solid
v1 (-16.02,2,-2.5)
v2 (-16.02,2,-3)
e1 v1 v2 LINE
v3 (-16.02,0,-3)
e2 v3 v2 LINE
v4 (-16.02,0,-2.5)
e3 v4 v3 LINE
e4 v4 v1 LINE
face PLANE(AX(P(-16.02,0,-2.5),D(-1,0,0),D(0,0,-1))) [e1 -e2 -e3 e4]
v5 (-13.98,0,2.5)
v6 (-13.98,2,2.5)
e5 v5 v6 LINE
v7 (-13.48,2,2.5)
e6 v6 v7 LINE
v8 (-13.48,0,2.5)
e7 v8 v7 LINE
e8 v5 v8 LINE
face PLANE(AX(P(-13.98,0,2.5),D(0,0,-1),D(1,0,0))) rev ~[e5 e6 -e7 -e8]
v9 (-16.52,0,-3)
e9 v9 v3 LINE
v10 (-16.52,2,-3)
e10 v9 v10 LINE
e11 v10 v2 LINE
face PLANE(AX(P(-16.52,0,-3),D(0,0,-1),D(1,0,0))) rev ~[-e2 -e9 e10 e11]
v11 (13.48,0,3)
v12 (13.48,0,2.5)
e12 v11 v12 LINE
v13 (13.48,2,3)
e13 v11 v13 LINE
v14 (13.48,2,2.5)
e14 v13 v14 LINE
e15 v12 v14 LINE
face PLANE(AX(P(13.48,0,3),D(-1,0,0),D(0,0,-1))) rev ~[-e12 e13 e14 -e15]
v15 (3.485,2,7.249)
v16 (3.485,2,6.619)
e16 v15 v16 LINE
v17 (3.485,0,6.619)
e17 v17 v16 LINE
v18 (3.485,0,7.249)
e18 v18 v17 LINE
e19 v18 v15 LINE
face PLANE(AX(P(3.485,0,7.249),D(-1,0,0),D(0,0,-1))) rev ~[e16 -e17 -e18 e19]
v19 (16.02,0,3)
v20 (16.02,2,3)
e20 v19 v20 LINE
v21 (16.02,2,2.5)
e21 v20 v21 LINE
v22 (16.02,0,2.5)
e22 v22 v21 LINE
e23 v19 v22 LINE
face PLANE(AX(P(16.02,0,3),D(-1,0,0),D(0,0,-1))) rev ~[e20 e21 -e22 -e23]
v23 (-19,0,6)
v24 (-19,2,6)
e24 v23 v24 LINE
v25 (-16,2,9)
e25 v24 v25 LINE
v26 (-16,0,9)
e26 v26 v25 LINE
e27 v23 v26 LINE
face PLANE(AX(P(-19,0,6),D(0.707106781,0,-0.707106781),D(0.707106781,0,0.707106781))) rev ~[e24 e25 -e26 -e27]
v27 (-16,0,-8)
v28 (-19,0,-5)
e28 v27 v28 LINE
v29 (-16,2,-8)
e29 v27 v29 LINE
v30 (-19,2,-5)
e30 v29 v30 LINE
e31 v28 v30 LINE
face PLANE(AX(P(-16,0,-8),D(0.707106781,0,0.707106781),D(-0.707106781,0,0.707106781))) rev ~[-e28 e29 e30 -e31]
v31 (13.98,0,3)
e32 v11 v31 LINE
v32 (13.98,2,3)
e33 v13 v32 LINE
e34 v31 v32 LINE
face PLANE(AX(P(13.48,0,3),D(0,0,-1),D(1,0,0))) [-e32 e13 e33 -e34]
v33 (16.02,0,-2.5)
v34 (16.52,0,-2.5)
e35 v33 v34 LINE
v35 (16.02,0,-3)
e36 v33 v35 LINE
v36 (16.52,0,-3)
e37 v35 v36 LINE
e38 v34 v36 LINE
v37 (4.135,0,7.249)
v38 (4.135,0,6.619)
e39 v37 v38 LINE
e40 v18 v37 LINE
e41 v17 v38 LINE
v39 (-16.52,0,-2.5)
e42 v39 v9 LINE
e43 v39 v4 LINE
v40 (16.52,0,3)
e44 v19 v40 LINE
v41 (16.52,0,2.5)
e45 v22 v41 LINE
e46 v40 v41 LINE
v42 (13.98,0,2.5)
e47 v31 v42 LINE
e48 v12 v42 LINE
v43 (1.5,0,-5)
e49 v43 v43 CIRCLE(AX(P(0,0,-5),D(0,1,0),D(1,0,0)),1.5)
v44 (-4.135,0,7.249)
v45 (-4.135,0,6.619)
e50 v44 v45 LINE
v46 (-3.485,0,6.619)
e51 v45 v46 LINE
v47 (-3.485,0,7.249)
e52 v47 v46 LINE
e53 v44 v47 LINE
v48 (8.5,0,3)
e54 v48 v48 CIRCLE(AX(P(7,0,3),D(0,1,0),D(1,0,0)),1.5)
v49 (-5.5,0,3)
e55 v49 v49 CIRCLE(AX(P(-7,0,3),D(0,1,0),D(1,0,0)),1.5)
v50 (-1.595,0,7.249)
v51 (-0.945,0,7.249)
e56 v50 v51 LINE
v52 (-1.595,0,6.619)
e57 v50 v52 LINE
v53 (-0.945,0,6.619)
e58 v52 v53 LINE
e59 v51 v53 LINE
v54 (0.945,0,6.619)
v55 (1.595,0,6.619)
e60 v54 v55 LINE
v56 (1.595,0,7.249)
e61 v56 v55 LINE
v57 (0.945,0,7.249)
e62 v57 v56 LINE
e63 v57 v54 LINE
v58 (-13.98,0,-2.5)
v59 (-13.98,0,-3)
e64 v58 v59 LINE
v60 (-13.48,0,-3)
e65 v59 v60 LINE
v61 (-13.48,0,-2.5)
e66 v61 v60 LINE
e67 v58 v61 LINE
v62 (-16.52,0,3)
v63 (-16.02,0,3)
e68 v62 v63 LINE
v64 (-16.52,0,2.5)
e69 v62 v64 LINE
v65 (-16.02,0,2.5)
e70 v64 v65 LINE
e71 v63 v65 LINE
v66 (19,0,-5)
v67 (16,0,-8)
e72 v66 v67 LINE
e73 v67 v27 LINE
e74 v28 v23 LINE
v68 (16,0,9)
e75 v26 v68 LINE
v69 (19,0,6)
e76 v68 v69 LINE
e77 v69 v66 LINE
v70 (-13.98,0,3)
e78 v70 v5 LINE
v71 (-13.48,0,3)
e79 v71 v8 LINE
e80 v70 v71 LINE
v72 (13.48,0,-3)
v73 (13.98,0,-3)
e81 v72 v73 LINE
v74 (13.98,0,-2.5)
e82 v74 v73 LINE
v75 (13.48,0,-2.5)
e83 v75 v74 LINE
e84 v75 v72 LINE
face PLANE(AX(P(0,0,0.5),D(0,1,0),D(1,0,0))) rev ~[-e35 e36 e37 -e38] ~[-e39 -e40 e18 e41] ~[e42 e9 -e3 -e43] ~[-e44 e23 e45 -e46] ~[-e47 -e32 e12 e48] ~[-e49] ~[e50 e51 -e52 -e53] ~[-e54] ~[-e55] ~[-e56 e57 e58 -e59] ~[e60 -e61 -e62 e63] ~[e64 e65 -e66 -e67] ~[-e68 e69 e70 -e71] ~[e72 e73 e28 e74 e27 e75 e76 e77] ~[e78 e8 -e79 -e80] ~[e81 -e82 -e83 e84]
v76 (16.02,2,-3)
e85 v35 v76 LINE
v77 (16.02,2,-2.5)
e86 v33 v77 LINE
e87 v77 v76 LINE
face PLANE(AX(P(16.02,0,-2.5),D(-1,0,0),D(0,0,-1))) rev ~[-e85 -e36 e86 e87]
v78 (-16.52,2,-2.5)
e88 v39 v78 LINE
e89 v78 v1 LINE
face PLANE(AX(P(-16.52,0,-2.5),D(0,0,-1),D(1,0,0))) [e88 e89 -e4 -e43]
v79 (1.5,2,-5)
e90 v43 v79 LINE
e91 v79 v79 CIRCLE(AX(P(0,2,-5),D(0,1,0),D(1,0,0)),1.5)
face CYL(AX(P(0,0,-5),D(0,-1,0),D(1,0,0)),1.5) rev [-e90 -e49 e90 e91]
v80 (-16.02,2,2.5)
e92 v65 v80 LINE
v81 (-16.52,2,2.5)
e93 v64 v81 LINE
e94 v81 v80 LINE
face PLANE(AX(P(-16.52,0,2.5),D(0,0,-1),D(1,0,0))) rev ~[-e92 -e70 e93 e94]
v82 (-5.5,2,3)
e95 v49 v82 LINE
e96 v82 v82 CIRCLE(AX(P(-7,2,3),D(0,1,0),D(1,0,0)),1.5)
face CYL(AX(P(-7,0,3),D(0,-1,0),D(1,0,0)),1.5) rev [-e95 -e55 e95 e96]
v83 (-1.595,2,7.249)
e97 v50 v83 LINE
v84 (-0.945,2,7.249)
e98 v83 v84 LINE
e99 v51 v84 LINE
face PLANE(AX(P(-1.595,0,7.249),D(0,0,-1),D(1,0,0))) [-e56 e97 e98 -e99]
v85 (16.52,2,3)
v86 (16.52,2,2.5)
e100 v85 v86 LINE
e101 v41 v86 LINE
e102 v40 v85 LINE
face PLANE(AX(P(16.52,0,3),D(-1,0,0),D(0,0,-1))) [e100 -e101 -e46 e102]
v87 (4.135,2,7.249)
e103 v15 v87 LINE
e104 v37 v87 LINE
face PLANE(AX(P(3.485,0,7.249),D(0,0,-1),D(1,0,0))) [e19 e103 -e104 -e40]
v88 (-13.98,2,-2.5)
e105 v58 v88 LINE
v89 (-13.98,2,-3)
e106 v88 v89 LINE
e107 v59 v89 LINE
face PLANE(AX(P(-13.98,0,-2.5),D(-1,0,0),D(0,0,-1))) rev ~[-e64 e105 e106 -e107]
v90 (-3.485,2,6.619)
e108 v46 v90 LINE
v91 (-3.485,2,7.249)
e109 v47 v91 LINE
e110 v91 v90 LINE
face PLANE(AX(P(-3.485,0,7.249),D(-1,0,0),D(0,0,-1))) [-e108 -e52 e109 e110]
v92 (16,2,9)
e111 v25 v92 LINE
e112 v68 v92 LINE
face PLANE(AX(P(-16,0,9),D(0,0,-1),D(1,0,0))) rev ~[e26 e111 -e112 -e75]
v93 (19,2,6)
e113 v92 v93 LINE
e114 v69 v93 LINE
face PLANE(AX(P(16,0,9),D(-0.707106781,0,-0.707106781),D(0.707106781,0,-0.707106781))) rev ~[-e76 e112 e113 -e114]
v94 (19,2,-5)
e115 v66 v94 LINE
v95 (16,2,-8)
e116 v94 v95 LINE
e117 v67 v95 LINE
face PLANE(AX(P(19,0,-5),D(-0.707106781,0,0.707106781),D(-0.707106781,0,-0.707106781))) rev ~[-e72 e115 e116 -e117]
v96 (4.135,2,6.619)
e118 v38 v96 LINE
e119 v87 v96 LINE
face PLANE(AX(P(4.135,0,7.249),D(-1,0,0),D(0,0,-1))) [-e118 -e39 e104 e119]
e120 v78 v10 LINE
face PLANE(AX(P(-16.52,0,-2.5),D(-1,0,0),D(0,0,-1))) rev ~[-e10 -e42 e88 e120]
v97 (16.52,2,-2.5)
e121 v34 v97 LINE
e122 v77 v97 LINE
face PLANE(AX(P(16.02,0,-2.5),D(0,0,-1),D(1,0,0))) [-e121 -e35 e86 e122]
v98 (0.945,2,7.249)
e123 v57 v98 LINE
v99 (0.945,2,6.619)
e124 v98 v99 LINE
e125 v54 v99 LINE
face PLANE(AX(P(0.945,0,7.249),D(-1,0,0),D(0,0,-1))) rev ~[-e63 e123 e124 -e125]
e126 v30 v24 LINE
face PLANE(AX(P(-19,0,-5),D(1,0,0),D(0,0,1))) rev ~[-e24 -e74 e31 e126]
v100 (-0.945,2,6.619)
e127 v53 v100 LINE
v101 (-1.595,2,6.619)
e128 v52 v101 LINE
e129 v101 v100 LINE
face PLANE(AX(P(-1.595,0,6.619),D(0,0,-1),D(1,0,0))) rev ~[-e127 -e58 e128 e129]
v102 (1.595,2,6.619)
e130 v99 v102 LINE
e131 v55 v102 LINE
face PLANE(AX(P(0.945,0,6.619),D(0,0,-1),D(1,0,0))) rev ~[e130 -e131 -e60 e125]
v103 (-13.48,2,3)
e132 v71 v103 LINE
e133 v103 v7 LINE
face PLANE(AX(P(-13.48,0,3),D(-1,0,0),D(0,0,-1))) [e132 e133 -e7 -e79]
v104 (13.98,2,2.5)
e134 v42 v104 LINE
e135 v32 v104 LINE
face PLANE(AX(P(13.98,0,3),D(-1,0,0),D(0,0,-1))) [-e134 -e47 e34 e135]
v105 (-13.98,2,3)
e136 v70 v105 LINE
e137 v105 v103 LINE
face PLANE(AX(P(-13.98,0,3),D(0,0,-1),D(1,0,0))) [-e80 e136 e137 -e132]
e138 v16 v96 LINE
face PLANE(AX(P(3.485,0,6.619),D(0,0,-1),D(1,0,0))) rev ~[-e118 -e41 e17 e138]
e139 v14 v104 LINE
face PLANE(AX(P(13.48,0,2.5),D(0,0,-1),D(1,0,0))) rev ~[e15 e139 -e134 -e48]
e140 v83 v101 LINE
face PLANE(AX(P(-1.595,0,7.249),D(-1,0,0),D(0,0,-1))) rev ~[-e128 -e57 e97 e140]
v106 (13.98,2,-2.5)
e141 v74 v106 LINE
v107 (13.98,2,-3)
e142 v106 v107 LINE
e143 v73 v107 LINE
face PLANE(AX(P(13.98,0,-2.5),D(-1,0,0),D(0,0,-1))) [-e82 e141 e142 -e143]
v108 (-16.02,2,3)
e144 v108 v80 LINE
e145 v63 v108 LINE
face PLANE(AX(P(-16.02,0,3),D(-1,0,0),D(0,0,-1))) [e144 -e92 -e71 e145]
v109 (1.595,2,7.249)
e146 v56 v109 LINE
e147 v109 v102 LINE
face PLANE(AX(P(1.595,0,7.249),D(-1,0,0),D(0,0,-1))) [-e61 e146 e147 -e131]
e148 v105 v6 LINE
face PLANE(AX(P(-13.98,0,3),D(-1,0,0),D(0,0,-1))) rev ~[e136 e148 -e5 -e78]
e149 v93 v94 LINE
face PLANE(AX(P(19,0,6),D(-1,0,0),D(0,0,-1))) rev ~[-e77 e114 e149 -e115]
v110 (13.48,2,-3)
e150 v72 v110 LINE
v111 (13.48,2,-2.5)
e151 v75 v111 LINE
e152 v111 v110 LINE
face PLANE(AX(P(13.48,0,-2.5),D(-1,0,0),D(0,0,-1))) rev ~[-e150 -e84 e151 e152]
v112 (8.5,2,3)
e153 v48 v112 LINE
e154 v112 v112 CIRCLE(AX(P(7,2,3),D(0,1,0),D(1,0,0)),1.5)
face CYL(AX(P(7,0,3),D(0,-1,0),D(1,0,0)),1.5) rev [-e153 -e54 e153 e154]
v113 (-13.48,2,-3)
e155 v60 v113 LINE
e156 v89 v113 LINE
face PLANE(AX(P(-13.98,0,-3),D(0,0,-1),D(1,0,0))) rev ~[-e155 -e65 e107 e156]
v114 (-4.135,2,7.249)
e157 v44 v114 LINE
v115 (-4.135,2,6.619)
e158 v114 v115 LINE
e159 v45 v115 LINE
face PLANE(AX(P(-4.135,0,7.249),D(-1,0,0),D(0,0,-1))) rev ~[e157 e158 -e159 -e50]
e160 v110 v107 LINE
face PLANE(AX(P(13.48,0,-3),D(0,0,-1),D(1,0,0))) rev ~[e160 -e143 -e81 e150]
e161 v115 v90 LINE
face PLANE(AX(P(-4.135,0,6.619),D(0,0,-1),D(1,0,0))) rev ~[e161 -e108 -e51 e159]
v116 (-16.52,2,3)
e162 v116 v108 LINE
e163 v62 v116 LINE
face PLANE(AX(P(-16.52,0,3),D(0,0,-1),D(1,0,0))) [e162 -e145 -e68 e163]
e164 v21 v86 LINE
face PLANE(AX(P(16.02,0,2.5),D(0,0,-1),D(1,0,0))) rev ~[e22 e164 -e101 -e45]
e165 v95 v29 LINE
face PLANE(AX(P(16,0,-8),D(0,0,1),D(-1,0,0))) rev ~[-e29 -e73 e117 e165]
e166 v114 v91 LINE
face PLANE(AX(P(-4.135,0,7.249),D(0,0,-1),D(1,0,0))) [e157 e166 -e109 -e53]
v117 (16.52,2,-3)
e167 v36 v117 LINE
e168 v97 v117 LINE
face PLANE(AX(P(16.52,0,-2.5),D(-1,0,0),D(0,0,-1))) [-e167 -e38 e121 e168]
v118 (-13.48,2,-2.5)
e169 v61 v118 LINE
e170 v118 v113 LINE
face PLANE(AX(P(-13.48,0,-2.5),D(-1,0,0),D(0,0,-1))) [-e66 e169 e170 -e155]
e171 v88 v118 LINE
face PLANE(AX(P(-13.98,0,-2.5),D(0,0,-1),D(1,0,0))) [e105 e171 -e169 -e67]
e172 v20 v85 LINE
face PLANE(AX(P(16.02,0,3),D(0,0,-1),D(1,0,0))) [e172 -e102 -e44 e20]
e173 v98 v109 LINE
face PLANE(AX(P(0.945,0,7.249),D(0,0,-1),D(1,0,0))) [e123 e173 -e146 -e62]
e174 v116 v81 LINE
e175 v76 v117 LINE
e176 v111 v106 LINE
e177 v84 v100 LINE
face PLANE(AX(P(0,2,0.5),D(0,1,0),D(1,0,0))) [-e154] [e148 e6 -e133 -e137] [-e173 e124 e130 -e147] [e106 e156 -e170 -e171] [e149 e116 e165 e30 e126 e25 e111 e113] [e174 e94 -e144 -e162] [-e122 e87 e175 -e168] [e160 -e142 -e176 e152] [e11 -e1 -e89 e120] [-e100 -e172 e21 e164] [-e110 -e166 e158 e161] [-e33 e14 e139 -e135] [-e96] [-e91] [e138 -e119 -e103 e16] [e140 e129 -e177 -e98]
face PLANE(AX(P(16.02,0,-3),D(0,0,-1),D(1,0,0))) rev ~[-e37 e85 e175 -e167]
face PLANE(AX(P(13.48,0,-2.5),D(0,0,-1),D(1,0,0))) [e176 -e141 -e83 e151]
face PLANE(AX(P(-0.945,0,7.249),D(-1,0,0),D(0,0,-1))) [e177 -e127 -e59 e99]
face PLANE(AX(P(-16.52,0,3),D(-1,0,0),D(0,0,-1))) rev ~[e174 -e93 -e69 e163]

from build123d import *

# Parameters (mm, degrees)
SKETCH1_R           = 1.5
SKETCH1_W           = 0.5
SKETCH1_H           = 0.5
SKETCH1_W_2         = 0.65
SKETCH1_H_2         = 0.63
BOSS_EXTRUDE1_DEPTH = 2


with BuildPart() as part:
    # Sketch1 → Boss-Extrude1 (new body)
    with BuildSketch(Plane(origin=(0, 0, 0), x_dir=(1, 0, 0), z_dir=(0, 1, 0))):
        Polygon((-19, 5), (-19, -6), (-16, -9), (16, -9), (19, -6), (19, 5), (16, 8), (-16, 8), align=None)
        with Locations((-7, -3)):
            Circle(SKETCH1_R, mode=Mode.SUBTRACT)
        with Locations((7, -3)):
            Circle(SKETCH1_R, mode=Mode.SUBTRACT)
        with Locations((0, 5)):
            Circle(SKETCH1_R, mode=Mode.SUBTRACT)
        with Locations((-16.27, 2.75)):
            Rectangle(SKETCH1_W, SKETCH1_H, mode=Mode.SUBTRACT)
        with Locations((-16.27, -2.75)):
            Rectangle(SKETCH1_W, SKETCH1_H, mode=Mode.SUBTRACT)
        with Locations((-13.73, -2.75)):
            Rectangle(SKETCH1_W, SKETCH1_H, mode=Mode.SUBTRACT)
        with Locations((-13.73, 2.75)):
            Rectangle(SKETCH1_W, SKETCH1_H, mode=Mode.SUBTRACT)
        with Locations((13.73, 2.75)):
            Rectangle(SKETCH1_W, SKETCH1_H, mode=Mode.SUBTRACT)
        with Locations((13.73, -2.75)):
            Rectangle(SKETCH1_W, SKETCH1_H, mode=Mode.SUBTRACT)
        with Locations((16.27, -2.75)):
            Rectangle(SKETCH1_W, SKETCH1_H, mode=Mode.SUBTRACT)
        with Locations((16.27, 2.75)):
            Rectangle(SKETCH1_W, SKETCH1_H, mode=Mode.SUBTRACT)
        with Locations((-3.81, -6.934)):
            Rectangle(SKETCH1_W_2, SKETCH1_H_2, mode=Mode.SUBTRACT)
        with Locations((-1.27, -6.934)):
            Rectangle(SKETCH1_W_2, SKETCH1_H_2, mode=Mode.SUBTRACT)
        with Locations((1.27, -6.934)):
            Rectangle(SKETCH1_W_2, SKETCH1_H_2, mode=Mode.SUBTRACT)
        with Locations((3.81, -6.934)):
            Rectangle(SKETCH1_W_2, SKETCH1_H_2, mode=Mode.SUBTRACT)
    extrude(amount=BOSS_EXTRUDE1_DEPTH)


solid = part.part
